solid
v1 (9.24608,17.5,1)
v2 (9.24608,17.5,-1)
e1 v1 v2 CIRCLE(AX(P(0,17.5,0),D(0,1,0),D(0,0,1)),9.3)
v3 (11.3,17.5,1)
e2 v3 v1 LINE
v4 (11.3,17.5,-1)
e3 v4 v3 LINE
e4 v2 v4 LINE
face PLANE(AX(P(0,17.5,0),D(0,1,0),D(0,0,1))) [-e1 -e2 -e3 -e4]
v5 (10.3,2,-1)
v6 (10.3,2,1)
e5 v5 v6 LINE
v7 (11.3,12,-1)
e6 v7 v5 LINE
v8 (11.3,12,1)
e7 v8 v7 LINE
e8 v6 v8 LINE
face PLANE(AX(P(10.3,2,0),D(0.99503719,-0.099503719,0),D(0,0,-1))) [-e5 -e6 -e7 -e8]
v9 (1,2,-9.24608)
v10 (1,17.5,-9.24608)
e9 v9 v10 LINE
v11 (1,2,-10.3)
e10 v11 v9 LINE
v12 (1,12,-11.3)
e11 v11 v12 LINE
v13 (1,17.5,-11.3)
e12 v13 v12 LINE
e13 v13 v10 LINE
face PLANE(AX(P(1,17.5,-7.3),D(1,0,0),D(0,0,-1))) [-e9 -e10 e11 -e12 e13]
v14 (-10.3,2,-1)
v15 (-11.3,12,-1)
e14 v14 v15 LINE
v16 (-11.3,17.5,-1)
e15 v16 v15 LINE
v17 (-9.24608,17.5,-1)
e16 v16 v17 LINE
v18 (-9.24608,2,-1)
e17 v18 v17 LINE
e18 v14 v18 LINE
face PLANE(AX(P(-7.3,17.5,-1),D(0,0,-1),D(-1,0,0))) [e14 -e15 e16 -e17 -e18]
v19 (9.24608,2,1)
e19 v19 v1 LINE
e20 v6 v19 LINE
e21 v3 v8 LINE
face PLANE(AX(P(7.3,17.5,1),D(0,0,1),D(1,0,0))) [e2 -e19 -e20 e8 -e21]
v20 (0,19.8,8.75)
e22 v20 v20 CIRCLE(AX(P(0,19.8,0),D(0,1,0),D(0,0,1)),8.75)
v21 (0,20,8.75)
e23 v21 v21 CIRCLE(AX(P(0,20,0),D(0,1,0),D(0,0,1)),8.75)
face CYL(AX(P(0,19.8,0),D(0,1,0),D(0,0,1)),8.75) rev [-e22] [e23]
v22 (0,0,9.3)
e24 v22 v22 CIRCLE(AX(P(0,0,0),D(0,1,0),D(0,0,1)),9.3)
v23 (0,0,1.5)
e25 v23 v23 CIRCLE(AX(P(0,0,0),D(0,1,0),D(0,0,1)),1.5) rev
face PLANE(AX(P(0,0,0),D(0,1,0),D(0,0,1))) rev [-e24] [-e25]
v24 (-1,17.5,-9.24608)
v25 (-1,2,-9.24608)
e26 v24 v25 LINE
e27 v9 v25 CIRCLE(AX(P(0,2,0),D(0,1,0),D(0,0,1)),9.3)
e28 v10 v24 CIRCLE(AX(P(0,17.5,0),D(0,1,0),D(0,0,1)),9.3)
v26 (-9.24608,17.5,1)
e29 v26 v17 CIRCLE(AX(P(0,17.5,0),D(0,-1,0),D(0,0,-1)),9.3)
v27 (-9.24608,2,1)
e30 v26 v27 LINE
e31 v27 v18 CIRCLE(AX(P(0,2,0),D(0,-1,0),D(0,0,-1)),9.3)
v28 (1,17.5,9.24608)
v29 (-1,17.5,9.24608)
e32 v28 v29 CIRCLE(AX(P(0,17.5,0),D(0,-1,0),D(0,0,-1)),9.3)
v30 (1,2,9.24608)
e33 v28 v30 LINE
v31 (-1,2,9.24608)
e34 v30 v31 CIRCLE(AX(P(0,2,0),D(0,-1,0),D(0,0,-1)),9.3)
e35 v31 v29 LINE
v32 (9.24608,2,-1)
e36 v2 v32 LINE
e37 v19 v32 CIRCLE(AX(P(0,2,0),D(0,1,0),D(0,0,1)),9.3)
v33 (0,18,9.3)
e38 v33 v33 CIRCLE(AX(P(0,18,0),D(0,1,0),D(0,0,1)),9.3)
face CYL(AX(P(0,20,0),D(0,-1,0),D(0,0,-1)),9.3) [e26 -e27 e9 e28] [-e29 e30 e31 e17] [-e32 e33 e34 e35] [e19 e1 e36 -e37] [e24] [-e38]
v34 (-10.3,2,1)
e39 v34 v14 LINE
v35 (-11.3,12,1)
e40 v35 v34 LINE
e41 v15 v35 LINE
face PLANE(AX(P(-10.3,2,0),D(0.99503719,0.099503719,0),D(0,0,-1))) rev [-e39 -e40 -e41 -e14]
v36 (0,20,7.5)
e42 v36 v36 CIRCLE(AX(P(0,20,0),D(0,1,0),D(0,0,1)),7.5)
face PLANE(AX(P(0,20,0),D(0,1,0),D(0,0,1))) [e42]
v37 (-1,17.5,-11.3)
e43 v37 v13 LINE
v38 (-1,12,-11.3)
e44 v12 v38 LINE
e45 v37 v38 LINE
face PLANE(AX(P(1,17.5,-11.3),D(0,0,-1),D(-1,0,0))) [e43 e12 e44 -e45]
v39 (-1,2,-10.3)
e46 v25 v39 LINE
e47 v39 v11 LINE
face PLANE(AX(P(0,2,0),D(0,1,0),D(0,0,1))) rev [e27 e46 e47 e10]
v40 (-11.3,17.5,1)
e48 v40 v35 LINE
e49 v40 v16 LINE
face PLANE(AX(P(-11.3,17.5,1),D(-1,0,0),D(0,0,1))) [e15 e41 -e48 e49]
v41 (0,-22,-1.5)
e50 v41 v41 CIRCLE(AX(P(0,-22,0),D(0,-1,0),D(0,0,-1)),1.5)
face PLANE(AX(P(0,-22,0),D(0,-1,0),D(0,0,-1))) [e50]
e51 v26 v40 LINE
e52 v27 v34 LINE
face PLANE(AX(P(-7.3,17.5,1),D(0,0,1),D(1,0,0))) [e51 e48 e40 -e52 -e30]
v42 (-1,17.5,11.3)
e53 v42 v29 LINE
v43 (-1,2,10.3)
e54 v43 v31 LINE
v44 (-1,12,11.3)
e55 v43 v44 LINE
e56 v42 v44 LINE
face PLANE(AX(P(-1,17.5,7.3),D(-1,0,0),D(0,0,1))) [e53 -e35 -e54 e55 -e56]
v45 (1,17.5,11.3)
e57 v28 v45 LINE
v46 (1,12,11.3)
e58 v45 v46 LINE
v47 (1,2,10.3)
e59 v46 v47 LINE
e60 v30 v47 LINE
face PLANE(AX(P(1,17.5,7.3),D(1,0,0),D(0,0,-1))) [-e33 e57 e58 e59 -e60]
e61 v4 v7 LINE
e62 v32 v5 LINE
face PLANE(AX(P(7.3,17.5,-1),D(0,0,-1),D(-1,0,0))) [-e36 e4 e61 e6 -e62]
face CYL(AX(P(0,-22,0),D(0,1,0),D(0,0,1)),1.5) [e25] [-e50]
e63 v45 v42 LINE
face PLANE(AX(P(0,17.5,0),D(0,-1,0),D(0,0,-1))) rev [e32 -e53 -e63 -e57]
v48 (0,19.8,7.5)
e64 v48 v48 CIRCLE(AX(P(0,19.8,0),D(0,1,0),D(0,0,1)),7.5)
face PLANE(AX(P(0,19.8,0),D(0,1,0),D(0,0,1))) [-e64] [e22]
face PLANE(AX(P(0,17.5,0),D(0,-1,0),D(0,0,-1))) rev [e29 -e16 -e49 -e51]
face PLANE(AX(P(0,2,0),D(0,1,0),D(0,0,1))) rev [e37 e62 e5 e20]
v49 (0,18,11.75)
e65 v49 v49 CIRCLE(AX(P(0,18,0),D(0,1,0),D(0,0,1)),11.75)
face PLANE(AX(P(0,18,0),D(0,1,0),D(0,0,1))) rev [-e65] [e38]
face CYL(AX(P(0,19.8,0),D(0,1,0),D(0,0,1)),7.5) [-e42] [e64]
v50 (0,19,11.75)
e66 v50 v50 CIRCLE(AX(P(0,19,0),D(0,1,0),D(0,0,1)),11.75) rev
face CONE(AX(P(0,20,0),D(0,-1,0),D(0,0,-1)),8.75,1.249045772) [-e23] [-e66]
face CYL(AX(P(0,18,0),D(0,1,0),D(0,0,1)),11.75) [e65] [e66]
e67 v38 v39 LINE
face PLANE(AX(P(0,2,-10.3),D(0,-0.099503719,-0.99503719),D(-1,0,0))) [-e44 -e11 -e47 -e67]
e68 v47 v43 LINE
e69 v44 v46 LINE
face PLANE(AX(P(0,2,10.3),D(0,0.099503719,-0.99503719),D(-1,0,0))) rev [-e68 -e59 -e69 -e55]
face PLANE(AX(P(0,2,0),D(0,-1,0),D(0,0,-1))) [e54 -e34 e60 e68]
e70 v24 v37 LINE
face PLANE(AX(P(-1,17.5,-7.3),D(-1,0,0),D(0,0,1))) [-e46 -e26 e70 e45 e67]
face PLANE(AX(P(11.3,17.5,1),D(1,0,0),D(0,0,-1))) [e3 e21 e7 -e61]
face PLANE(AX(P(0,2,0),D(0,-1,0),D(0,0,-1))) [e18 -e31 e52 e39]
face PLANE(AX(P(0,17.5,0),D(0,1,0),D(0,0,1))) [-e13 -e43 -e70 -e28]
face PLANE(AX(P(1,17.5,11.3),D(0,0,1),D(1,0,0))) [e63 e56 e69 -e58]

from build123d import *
from OCP.BRepFilletAPI import BRepFilletAPI_MakeChamfer

# Parameters (mm, degrees)
SKETCH_1_R          = 9.3
EXTRUDE_1_DEPTH     = 20
SKETCH_2_R          = 11.75
EXTRUDE_2_DEPTH     = 2
CHAMFER_1_SIZE      = 1
CHAMFER_1_SIZE2     = 3
SKETCH_3_R          = 1.5
EXTRUDE_3_DEPTH     = 22
EXTRUDE_START       = -2
SKETCH_4_W          = 2
SKETCH_4_H          = 4
SKETCH_4_W_2        = 4
SKETCH_4_H_2        = 2
EXTRUDE_4_DEPTH     = 15.5
CHAMFER_2_SIZE      = 10
CHAMFER_2_SIZE2     = 1
SKETCH_5_R          = 8.75
SKETCH_5_R_2        = 7.5
CUT_EXTRUDE_1_DEPTH = 0.2


with BuildPart() as part:
    # 草图1 → 凸台-拉伸1 (new body)
    with BuildSketch(Plane(origin=(0, 0, 0), x_dir=(1, 0, 0), z_dir=(0, 1, 0))):
        with Locations(Location((0, 0, 0), (0, 0, 270))):
            Circle(SKETCH_1_R)
    extrude(amount=EXTRUDE_1_DEPTH)

    # 草图2 → 凸台-拉伸2 (add)
    with BuildSketch(Plane(origin=(0, 20, 0), x_dir=(1, 0, 0), z_dir=(0, 1, 0))):
        with Locations(Location((0, 0, 0), (0, 0, 270))):
            Circle(SKETCH_2_R)
    extrude(amount=-EXTRUDE_2_DEPTH)

    # 倒角1
    chamfer_1_edges = [part.edges().sort_by_distance(p)[0] for p in [
        (0, 20, -11.75),
    ]]
    chamfer_1_side = [part.faces().sort_by_distance(p)[0] for p in [
        (0, 19, -11.75),
    ]]
    chamfer(chamfer_1_edges, length=CHAMFER_1_SIZE, length2=CHAMFER_1_SIZE2, reference=chamfer_1_side[0])

    # 草图3 → 凸台-拉伸3 (add)
    with BuildSketch(Plane.XZ):
        with Locations(Location((0, 0, 0), (0, 0, 90))):
            Circle(SKETCH_3_R)
    extrude(amount=EXTRUDE_3_DEPTH)

    # 草图4 → 凸台-拉伸4 (add)
    with BuildSketch(Plane.XZ.offset(EXTRUDE_START)):
        with Locations((0, 9.3)):
            Rectangle(SKETCH_4_W, SKETCH_4_H)
        with Locations((0, -9.3)):
            Rectangle(SKETCH_4_W, SKETCH_4_H)
        with Locations((-9.3, 0)):
            Rectangle(SKETCH_4_W_2, SKETCH_4_H_2)
        with Locations((9.3, 0)):
            Rectangle(SKETCH_4_W_2, SKETCH_4_H_2)
    extrude(amount=-EXTRUDE_4_DEPTH)

    # 倒角2: one chamfer whose edges measure the first distance from different faces: ONE call of the kernel's chamfer builder (chamfer() names one face for all edges)
    chamfer_2_edges_1 = [part.edges().sort_by_distance(p)[0] for p in [
        (0, 2, 11.3),
    ]]
    chamfer_2_side_1 = [part.faces().sort_by_distance(p)[0] for p in [
        (0, 9.75, 11.3),
    ]]
    chamfer_2_edges_2 = [part.edges().sort_by_distance(p)[0] for p in [
        (0, 2, -11.3),
    ]]
    chamfer_2_side_2 = [part.faces().sort_by_distance(p)[0] for p in [
        (0, 9.75, -11.3),
    ]]
    chamfer_2_edges_3 = [part.edges().sort_by_distance(p)[0] for p in [
        (-11.3, 2, 0),
    ]]
    chamfer_2_side_3 = [part.faces().sort_by_distance(p)[0] for p in [
        (-11.3, 9.75, 0),
    ]]
    chamfer_2_edges_4 = [part.edges().sort_by_distance(p)[0] for p in [
        (11.3, 2, 0),
    ]]
    chamfer_2_side_4 = [part.faces().sort_by_distance(p)[0] for p in [
        (11.3, 9.75, 0),
    ]]
    chamfer_2 = BRepFilletAPI_MakeChamfer(part.part.solid().wrapped)
    for e in chamfer_2_edges_1:
        chamfer_2.Add(CHAMFER_2_SIZE, CHAMFER_2_SIZE2, e.wrapped, chamfer_2_side_1[0].wrapped)  # the first distance lies on this face
    for e in chamfer_2_edges_2:
        chamfer_2.Add(CHAMFER_2_SIZE, CHAMFER_2_SIZE2, e.wrapped, chamfer_2_side_2[0].wrapped)  # the first distance lies on this face
    for e in chamfer_2_edges_3:
        chamfer_2.Add(CHAMFER_2_SIZE, CHAMFER_2_SIZE2, e.wrapped, chamfer_2_side_3[0].wrapped)  # the first distance lies on this face
    for e in chamfer_2_edges_4:
        chamfer_2.Add(CHAMFER_2_SIZE, CHAMFER_2_SIZE2, e.wrapped, chamfer_2_side_4[0].wrapped)  # the first distance lies on this face
    add(Compound.cast(chamfer_2.Shape()), mode=Mode.REPLACE)

    # 草图5 → 切除-拉伸1 (cut)
    with BuildSketch(Plane(origin=(0, 20, 0), x_dir=(1, 0, 0), z_dir=(0, 1, 0))):
        with Locations(Location((0, 0, 0), (0, 0, 270))):
            Circle(SKETCH_5_R)
        with Locations(Location((0, 0, 0), (0, 0, 270))):
            Circle(SKETCH_5_R_2, mode=Mode.SUBTRACT)
    extrude(amount=-CUT_EXTRUDE_1_DEPTH, mode=Mode.SUBTRACT)


solid = part.part
